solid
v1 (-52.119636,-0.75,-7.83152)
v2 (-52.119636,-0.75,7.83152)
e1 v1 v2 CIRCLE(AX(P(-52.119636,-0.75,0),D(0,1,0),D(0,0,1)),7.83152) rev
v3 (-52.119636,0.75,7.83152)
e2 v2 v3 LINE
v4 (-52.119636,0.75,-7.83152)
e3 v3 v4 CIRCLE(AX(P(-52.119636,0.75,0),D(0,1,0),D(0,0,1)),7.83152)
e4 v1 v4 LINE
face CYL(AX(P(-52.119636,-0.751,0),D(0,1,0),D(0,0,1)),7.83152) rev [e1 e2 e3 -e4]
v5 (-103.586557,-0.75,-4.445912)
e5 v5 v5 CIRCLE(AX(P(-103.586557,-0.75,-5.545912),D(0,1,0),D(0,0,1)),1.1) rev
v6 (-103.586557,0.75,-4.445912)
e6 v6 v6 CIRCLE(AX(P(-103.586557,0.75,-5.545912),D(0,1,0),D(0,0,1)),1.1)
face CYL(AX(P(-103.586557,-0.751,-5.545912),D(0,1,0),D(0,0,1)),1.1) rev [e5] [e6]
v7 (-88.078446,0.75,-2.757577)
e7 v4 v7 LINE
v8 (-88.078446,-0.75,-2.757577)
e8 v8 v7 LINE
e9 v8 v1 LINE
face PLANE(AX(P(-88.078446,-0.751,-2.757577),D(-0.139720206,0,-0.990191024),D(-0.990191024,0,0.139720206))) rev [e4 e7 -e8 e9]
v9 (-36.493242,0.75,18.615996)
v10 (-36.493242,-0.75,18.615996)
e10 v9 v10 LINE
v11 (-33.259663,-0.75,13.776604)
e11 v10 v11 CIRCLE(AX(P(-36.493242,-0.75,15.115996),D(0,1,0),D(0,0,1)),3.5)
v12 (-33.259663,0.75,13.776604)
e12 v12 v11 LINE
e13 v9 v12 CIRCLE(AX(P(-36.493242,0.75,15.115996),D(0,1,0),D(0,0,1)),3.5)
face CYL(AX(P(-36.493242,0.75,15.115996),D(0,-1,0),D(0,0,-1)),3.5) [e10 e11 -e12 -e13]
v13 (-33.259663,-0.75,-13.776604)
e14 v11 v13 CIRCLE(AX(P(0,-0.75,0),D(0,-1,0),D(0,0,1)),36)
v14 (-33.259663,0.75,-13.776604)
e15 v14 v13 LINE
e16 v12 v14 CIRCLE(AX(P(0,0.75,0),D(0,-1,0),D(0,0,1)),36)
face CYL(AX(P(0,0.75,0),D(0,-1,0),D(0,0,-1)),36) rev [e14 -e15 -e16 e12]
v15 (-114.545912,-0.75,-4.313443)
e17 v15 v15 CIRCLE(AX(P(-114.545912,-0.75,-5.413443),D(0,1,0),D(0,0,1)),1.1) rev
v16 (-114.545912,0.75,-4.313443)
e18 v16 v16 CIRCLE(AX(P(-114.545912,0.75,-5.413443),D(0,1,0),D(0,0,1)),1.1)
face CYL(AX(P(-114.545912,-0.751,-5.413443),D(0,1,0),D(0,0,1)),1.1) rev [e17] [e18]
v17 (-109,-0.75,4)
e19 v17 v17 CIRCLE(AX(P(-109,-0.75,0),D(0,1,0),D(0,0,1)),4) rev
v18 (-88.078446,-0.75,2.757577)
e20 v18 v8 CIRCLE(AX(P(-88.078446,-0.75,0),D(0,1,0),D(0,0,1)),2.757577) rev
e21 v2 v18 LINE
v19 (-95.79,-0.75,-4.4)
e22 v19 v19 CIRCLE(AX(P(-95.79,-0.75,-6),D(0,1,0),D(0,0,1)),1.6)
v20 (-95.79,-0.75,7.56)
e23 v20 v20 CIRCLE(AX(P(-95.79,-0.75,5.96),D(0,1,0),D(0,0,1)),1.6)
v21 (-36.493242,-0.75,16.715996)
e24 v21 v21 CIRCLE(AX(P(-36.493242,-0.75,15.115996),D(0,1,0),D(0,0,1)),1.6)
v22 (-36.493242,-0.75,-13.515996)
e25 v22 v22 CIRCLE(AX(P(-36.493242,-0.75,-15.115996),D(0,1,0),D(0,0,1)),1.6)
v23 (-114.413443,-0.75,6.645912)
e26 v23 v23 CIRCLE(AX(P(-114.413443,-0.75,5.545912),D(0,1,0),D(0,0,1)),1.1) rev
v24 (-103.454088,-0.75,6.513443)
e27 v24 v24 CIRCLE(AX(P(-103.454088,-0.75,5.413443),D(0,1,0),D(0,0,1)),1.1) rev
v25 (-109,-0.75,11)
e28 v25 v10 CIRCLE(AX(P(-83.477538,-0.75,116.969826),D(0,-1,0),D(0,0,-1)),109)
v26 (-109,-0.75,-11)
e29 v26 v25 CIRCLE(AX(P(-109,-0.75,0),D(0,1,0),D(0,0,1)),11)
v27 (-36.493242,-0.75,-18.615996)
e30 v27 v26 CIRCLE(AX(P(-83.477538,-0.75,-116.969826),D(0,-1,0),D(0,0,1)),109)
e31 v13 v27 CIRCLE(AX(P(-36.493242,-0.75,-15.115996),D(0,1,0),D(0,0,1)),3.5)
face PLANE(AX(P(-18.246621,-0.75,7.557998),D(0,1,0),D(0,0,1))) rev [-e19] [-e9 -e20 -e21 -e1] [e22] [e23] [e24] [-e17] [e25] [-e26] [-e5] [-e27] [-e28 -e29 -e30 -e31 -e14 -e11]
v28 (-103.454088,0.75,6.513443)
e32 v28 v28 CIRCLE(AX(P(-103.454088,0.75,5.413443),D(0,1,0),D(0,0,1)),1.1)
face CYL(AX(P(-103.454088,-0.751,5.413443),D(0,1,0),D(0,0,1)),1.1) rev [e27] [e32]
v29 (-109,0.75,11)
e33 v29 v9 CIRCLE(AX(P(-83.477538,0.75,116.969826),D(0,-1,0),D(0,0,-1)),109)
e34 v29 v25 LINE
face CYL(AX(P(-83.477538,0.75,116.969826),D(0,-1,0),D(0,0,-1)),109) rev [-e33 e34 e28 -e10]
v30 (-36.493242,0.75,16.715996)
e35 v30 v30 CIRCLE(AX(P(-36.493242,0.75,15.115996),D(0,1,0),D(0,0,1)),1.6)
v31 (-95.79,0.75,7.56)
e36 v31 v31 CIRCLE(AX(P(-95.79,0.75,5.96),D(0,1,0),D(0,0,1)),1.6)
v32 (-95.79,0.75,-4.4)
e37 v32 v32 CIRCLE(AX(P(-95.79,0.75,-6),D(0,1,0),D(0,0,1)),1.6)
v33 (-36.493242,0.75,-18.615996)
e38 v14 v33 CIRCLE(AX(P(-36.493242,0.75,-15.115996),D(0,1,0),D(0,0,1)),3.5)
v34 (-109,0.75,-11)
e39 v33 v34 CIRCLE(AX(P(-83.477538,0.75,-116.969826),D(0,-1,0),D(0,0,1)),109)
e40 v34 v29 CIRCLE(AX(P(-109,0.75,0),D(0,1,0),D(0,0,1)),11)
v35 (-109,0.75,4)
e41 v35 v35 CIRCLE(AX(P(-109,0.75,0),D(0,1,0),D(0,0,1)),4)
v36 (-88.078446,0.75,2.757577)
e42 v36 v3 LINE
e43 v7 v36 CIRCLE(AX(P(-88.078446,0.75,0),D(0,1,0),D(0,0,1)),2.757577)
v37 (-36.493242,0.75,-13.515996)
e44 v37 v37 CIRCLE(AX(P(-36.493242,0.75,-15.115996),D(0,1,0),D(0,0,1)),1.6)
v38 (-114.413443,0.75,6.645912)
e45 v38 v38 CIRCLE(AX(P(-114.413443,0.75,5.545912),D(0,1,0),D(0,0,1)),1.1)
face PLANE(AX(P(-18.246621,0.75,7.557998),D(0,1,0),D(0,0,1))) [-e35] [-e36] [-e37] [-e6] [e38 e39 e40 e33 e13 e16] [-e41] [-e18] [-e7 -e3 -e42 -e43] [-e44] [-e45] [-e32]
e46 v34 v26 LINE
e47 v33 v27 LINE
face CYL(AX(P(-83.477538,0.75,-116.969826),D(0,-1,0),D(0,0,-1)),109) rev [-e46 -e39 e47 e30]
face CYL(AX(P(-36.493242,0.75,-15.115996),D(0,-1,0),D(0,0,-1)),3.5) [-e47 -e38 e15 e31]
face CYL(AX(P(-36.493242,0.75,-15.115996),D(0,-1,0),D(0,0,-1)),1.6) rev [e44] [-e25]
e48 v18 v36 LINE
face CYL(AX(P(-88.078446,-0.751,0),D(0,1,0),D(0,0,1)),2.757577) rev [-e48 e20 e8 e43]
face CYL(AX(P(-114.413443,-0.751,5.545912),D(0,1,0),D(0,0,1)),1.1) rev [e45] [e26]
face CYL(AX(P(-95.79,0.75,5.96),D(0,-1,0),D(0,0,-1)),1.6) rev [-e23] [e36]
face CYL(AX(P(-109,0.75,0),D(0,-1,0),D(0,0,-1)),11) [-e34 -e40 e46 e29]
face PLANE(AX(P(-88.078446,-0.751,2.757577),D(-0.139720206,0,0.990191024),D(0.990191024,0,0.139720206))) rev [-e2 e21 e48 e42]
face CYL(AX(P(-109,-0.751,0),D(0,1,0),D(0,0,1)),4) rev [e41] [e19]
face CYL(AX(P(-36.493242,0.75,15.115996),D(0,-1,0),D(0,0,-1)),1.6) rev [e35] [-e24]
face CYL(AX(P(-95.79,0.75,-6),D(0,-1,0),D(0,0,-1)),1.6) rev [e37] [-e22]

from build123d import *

# Parameters (mm, degrees)
ESBO_O1_R                = 1.6
RESSALTO_EXTRUS_O1_DEPTH = 0.75
CORTE_EXTRUS_O1_REACH    = 123.445
ESBO_O2_R                = 4
ESBO_O2_R_2              = 1.1


with BuildPart() as part:
    # Esboço1 → Ressalto-extrusão1 (new, symmetric)
    with BuildSketch(Plane(origin=(0, 0, 0), x_dir=(1, 0, 0), z_dir=(0, 1, 0))):
        with BuildLine():
            ThreePointArc((-33.25966317, 13.776603565), (-36, 0), (-33.25966317, -13.776603565))
            ThreePointArc((-33.25966317, -13.776603565), (-33.583097891, -17.060491394), (-36.493241534, -18.615995578))
            ThreePointArc((-36.493241534, -18.615995578), (-72.090991916, -8.566197582), (-109, -11))
            ThreePointArc((-109, -11), (-120, 0), (-109, 11))
            ThreePointArc((-109, 11), (-72.090991916, 8.566197582), (-36.493241534, 18.615995578))
            ThreePointArc((-36.493241534, 18.615995578), (-33.583097891, 17.060491394), (-33.25966317, 13.776603565))
        make_face()
        with Locations(Location((-36.493241534, 15.115995578, 0), (0, 0, 270))):
            Circle(ESBO_O1_R, mode=Mode.SUBTRACT)
        with Locations(Location((-36.493241534, -15.115995578, 0), (0, 0, 270))):
            Circle(ESBO_O1_R, mode=Mode.SUBTRACT)
        with Locations(Location((-95.79, 6, 0), (0, 0, 270))):
            Circle(ESBO_O1_R, mode=Mode.SUBTRACT)
        with Locations(Location((-95.79, -5.96, 0), (0, 0, 270))):
            Circle(ESBO_O1_R, mode=Mode.SUBTRACT)
    extrude(amount=RESSALTO_EXTRUS_O1_DEPTH, both=True)

    # Esboço2 → Corte-extrusão1 (cut, up to next)
    with BuildSketch(Plane(origin=(0, 0.75, 0), x_dir=(1, 0, 0), z_dir=(0, 1, 0)), mode=Mode.PRIVATE) as corte_extrus_o1_sk1:
        with Locations(Location((-109, 0, 0), (0, 0, 270))):
            Circle(ESBO_O2_R)
    corte_extrus_o1_tool1 = extrude(corte_extrus_o1_sk1.sketch, amount=-CORTE_EXTRUS_O1_REACH, mode=Mode.PRIVATE) & part.part
    # Esboço2 → Corte-extrusão1 (cut, up to next)
    with BuildSketch(Plane(origin=(0, 0.75, 0), x_dir=(1, 0, 0), z_dir=(0, 1, 0)), mode=Mode.PRIVATE) as corte_extrus_o1_sk2:
        with Locations(Location((-103.586557067, 5.545911613, 0), (0, 0, 270))):
            Circle(ESBO_O2_R_2)
    corte_extrus_o1_tool2 = extrude(corte_extrus_o1_sk2.sketch, amount=-CORTE_EXTRUS_O1_REACH, mode=Mode.PRIVATE) & part.part
    # Esboço2 → Corte-extrusão1 (cut, up to next)
    with BuildSketch(Plane(origin=(0, 0.75, 0), x_dir=(1, 0, 0), z_dir=(0, 1, 0)), mode=Mode.PRIVATE) as corte_extrus_o1_sk3:
        with Locations(Location((-103.454088387, -5.413442933, 0), (0, 0, 270))):
            Circle(ESBO_O2_R_2)
    corte_extrus_o1_tool3 = extrude(corte_extrus_o1_sk3.sketch, amount=-CORTE_EXTRUS_O1_REACH, mode=Mode.PRIVATE) & part.part
    # Esboço2 → Corte-extrusão1 (cut, up to next)
    with BuildSketch(Plane(origin=(0, 0.75, 0), x_dir=(1, 0, 0), z_dir=(0, 1, 0)), mode=Mode.PRIVATE) as corte_extrus_o1_sk4:
        with Locations(Location((-114.413442933, -5.545911613, 0), (0, 0, 270))):
            Circle(ESBO_O2_R_2)
    corte_extrus_o1_tool4 = extrude(corte_extrus_o1_sk4.sketch, amount=-CORTE_EXTRUS_O1_REACH, mode=Mode.PRIVATE) & part.part
    # Esboço2 → Corte-extrusão1 (cut, up to next)
    with BuildSketch(Plane(origin=(0, 0.75, 0), x_dir=(1, 0, 0), z_dir=(0, 1, 0)), mode=Mode.PRIVATE) as corte_extrus_o1_sk5:
        with Locations(Location((-114.545911613, 5.413442933, 0), (0, 0, 270))):
            Circle(ESBO_O2_R_2)
    corte_extrus_o1_tool5 = extrude(corte_extrus_o1_sk5.sketch, amount=-CORTE_EXTRUS_O1_REACH, mode=Mode.PRIVATE) & part.part
    # Esboço2 → Corte-extrusão1 (cut, up to next)
    with BuildSketch(Plane(origin=(0, 0.75, 0), x_dir=(1, 0, 0), z_dir=(0, 1, 0)), mode=Mode.PRIVATE) as corte_extrus_o1_sk6:
        with BuildLine():
            Line((-88.078445949, 2.757577424), (-52.119636338, 7.831519885))
            ThreePointArc((-52.119636338, 7.831519885), (-44.288116453, 0), (-52.119636338, -7.831519885))
            Line((-52.119636338, -7.831519885), (-88.078445949, -2.757577424))
            ThreePointArc((-88.078445949, -2.757577424), (-90.836023373, 0), (-88.078445949, 2.757577424))
        make_face()
    corte_extrus_o1_tool6 = extrude(corte_extrus_o1_sk6.sketch, amount=-CORTE_EXTRUS_O1_REACH, mode=Mode.PRIVATE) & part.part
    add(corte_extrus_o1_tool1.solids().sort_by_distance((-109, 0.75, 0))[0], mode=Mode.SUBTRACT)
    add(corte_extrus_o1_tool2.solids().sort_by_distance((-103.586557, 0.75, -5.545912))[0], mode=Mode.SUBTRACT)
    add(corte_extrus_o1_tool3.solids().sort_by_distance((-103.454088, 0.75, 5.413443))[0], mode=Mode.SUBTRACT)
    add(corte_extrus_o1_tool4.solids().sort_by_distance((-114.413443, 0.75, 5.545912))[0], mode=Mode.SUBTRACT)
    add(corte_extrus_o1_tool5.solids().sort_by_distance((-114.545912, 0.75, -5.413443))[0], mode=Mode.SUBTRACT)
    add(corte_extrus_o1_tool6.solids().sort_by_distance((-64.134293, 0.75, 0))[0], mode=Mode.SUBTRACT)


solid = part.part
